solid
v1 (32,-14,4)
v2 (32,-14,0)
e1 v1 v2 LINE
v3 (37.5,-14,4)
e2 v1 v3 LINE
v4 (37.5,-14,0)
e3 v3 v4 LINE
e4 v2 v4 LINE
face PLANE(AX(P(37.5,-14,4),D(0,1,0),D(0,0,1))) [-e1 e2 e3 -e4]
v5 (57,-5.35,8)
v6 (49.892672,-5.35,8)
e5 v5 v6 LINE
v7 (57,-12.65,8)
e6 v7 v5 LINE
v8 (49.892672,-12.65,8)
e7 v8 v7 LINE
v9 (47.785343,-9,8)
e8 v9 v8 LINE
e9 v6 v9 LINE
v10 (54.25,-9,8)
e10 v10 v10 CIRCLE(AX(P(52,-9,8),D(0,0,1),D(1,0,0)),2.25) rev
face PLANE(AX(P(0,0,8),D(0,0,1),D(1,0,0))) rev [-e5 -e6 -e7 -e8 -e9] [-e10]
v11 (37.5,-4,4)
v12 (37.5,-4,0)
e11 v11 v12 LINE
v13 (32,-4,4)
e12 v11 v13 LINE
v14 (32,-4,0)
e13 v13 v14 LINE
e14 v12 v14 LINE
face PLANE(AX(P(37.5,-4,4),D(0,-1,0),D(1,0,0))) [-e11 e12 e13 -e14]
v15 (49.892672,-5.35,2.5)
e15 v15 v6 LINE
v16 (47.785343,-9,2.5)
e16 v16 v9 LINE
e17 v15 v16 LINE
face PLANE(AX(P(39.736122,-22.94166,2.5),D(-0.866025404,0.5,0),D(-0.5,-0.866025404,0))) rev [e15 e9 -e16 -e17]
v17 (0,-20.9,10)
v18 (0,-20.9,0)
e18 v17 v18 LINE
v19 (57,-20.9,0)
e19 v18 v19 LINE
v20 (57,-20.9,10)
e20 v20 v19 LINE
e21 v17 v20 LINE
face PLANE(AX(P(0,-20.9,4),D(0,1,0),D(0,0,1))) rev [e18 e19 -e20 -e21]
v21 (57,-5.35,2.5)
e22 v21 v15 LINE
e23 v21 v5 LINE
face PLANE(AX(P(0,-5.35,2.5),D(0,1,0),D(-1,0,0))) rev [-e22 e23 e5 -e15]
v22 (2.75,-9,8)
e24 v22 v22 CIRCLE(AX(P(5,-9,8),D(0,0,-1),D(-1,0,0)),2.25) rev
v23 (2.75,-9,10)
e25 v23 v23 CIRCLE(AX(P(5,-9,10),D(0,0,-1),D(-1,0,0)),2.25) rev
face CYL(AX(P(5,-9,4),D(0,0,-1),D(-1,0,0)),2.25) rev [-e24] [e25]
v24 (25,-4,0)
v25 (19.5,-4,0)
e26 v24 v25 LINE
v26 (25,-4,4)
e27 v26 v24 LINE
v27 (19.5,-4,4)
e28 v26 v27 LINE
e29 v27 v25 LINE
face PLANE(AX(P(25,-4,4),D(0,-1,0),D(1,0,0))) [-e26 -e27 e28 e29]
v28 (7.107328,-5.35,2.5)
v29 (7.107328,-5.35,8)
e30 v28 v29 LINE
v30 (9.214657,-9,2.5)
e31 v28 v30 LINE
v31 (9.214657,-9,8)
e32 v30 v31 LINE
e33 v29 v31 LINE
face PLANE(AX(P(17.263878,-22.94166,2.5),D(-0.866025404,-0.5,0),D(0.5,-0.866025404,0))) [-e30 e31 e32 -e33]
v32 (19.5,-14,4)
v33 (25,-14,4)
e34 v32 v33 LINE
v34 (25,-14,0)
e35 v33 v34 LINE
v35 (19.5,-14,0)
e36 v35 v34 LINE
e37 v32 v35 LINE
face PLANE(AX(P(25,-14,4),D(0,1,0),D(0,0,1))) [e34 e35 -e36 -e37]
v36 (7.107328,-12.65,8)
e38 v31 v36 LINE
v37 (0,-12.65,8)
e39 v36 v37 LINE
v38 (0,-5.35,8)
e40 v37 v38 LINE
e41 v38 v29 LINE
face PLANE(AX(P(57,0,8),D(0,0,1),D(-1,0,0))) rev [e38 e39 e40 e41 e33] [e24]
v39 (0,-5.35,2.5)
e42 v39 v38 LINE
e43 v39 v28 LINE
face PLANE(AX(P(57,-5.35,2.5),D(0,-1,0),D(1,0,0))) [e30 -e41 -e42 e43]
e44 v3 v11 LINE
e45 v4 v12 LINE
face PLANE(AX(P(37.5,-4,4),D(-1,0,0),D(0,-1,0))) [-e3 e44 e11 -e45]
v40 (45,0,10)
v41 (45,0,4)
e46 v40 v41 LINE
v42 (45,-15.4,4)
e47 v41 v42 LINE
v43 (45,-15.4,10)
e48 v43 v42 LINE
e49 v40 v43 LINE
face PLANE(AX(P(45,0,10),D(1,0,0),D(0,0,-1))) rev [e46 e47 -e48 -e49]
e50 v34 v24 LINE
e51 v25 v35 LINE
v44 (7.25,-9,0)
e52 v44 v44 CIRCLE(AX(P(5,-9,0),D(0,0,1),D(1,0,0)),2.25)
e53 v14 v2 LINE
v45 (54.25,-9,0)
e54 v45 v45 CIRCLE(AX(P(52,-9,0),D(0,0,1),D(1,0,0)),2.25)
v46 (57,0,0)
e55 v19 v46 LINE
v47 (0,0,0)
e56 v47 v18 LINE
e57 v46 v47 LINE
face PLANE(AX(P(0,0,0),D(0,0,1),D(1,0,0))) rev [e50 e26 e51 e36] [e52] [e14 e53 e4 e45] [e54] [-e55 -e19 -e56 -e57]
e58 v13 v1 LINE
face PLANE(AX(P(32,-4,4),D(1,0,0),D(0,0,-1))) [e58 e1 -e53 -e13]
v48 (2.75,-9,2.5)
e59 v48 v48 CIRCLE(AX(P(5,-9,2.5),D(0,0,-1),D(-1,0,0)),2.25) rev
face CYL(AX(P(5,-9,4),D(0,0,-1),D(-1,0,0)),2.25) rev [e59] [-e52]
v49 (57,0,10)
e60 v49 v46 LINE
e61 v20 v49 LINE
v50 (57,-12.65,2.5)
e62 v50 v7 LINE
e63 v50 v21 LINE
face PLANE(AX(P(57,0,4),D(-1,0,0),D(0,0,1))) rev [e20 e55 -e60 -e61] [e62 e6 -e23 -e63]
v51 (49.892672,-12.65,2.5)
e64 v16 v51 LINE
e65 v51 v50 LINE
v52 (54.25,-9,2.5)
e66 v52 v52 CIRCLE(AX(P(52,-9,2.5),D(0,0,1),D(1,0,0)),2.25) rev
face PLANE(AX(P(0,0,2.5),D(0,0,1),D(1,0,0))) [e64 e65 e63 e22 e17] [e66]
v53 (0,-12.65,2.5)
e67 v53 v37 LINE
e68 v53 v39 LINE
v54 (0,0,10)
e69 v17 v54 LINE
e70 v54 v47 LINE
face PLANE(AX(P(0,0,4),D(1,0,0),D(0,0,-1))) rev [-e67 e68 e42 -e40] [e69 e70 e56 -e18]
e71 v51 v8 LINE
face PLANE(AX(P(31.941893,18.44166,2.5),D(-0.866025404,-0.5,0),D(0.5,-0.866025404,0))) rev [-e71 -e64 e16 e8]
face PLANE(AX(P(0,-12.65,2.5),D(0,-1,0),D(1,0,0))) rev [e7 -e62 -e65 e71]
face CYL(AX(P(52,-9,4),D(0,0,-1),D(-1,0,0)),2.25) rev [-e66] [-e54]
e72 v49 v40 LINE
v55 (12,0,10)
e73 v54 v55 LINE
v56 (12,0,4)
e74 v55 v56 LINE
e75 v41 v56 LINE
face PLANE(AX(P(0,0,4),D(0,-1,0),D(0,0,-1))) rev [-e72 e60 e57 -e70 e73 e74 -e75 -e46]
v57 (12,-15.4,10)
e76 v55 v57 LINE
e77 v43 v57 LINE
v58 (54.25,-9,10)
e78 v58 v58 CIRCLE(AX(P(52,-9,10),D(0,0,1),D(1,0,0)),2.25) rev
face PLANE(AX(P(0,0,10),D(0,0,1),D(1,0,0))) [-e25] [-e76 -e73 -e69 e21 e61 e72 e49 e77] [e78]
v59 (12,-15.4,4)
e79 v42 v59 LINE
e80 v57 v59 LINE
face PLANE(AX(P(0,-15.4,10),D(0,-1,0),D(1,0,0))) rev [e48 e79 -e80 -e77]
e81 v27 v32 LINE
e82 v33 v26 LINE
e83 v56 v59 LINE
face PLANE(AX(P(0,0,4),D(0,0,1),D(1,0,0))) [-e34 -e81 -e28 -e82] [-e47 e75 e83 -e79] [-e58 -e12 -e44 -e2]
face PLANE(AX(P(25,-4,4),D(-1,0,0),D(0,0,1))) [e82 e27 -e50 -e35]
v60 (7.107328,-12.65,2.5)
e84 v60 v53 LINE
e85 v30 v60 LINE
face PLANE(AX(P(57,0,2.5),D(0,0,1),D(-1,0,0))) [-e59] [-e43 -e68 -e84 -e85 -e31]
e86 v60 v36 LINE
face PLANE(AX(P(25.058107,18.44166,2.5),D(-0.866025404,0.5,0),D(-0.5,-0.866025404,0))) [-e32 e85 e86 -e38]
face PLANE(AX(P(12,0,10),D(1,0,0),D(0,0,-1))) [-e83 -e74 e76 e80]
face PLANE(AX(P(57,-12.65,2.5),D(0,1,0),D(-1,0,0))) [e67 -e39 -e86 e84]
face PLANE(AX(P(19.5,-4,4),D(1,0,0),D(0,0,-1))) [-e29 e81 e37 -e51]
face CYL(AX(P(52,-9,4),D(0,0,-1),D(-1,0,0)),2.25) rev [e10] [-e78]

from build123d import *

# Parameters (mm, degrees)
ESQUISSE1_W             = 57
ESQUISSE1_H             = 20.9
ESQUISSE1_R             = 2.25
ESQUISSE1_W_2           = 5.5
ESQUISSE1_H_2           = 10
BOSS_EXTRU_2_DEPTH      = 4
ESQUISSE2_W             = 16.5
ESQUISSE2_H             = 5.5
ESQUISSE2_R             = 2.25
BOSS_EXTRU_3_DEPTH      = 6
ENL_V_START             = -7.5
ESQUISSE4_R             = 2.25
ENL_V_MAT_EXTRU_2_DEPTH = 5.5


with BuildPart() as part:
    # Esquisse1 → Boss.-Extru.2 (new body)
    with BuildSketch(Plane.XY):
        with Locations((28.5, -10.45)):
            Rectangle(ESQUISSE1_W, ESQUISSE1_H)
        with Locations((5, -9)):
            Circle(ESQUISSE1_R, mode=Mode.SUBTRACT)
        with Locations((52, -9)):
            Circle(ESQUISSE1_R, mode=Mode.SUBTRACT)
        with Locations((34.75, -9)):
            Rectangle(ESQUISSE1_W_2, ESQUISSE1_H_2, mode=Mode.SUBTRACT)
        with Locations((22.25, -9)):
            Rectangle(ESQUISSE1_W_2, ESQUISSE1_H_2, mode=Mode.SUBTRACT)
    extrude(amount=BOSS_EXTRU_2_DEPTH)

    # Esquisse2 → Boss.-Extru.3 (add)
    # profile 1 of 2: a face of its own
    with BuildSketch(Plane.XY.offset(4)):
        with Locations((36.75, -18.15)):
            Rectangle(ESQUISSE2_W, ESQUISSE2_H)
    # profile 2 of 2: a face of its own
    with BuildSketch(Plane.XY.offset(4)):
        Polygon((57, -20.9), (57, 0), (45, 0), (45, -15.4), (45, -20.9), align=None)
        with Locations((52, -9)):
            Circle(ESQUISSE2_R, mode=Mode.SUBTRACT)
    boss_extru_3 = extrude(amount=BOSS_EXTRU_3_DEPTH)

    # Esquisse4 → Enlèv. mat.-Extru.2 (cut)
    # profile 1 of 2: a face of its own
    with BuildSketch(Plane.XY.offset(10).offset(ENL_V_START)):
        Polygon((56.214656965, -9), (54.107328483, -5.35), (49.892671517, -5.35), (47.785343035, -9), (49.892671517, -12.65), (54.107328483, -12.65), align=None)
        with Locations((52, -9)):
            Circle(ESQUISSE4_R, mode=Mode.SUBTRACT)
    # profile 2 of 2: a face of its own
    with BuildSketch(Plane.XY.offset(10).offset(ENL_V_START)):
        Polygon((57, -5.35), (54.107328483, -5.35), (56.214656965, -9), (54.107328483, -12.65), (57, -12.65), align=None)
    enl_v_mat_extru_2 = extrude(amount=ENL_V_MAT_EXTRU_2_DEPTH, mode=Mode.SUBTRACT)

    # Symétrie3: Boss.-Extru.3, Enlèv. mat.-Extru.2 across plane
    add(boss_extru_3.mirror(Plane(origin=(28.5, 0, 0), x_dir=(0, 0, 1), z_dir=(1, 0, 0))))
    add(enl_v_mat_extru_2.mirror(Plane(origin=(28.5, 0, 0), x_dir=(0, 0, 1), z_dir=(1, 0, 0))), mode=Mode.SUBTRACT)


solid = part.part
